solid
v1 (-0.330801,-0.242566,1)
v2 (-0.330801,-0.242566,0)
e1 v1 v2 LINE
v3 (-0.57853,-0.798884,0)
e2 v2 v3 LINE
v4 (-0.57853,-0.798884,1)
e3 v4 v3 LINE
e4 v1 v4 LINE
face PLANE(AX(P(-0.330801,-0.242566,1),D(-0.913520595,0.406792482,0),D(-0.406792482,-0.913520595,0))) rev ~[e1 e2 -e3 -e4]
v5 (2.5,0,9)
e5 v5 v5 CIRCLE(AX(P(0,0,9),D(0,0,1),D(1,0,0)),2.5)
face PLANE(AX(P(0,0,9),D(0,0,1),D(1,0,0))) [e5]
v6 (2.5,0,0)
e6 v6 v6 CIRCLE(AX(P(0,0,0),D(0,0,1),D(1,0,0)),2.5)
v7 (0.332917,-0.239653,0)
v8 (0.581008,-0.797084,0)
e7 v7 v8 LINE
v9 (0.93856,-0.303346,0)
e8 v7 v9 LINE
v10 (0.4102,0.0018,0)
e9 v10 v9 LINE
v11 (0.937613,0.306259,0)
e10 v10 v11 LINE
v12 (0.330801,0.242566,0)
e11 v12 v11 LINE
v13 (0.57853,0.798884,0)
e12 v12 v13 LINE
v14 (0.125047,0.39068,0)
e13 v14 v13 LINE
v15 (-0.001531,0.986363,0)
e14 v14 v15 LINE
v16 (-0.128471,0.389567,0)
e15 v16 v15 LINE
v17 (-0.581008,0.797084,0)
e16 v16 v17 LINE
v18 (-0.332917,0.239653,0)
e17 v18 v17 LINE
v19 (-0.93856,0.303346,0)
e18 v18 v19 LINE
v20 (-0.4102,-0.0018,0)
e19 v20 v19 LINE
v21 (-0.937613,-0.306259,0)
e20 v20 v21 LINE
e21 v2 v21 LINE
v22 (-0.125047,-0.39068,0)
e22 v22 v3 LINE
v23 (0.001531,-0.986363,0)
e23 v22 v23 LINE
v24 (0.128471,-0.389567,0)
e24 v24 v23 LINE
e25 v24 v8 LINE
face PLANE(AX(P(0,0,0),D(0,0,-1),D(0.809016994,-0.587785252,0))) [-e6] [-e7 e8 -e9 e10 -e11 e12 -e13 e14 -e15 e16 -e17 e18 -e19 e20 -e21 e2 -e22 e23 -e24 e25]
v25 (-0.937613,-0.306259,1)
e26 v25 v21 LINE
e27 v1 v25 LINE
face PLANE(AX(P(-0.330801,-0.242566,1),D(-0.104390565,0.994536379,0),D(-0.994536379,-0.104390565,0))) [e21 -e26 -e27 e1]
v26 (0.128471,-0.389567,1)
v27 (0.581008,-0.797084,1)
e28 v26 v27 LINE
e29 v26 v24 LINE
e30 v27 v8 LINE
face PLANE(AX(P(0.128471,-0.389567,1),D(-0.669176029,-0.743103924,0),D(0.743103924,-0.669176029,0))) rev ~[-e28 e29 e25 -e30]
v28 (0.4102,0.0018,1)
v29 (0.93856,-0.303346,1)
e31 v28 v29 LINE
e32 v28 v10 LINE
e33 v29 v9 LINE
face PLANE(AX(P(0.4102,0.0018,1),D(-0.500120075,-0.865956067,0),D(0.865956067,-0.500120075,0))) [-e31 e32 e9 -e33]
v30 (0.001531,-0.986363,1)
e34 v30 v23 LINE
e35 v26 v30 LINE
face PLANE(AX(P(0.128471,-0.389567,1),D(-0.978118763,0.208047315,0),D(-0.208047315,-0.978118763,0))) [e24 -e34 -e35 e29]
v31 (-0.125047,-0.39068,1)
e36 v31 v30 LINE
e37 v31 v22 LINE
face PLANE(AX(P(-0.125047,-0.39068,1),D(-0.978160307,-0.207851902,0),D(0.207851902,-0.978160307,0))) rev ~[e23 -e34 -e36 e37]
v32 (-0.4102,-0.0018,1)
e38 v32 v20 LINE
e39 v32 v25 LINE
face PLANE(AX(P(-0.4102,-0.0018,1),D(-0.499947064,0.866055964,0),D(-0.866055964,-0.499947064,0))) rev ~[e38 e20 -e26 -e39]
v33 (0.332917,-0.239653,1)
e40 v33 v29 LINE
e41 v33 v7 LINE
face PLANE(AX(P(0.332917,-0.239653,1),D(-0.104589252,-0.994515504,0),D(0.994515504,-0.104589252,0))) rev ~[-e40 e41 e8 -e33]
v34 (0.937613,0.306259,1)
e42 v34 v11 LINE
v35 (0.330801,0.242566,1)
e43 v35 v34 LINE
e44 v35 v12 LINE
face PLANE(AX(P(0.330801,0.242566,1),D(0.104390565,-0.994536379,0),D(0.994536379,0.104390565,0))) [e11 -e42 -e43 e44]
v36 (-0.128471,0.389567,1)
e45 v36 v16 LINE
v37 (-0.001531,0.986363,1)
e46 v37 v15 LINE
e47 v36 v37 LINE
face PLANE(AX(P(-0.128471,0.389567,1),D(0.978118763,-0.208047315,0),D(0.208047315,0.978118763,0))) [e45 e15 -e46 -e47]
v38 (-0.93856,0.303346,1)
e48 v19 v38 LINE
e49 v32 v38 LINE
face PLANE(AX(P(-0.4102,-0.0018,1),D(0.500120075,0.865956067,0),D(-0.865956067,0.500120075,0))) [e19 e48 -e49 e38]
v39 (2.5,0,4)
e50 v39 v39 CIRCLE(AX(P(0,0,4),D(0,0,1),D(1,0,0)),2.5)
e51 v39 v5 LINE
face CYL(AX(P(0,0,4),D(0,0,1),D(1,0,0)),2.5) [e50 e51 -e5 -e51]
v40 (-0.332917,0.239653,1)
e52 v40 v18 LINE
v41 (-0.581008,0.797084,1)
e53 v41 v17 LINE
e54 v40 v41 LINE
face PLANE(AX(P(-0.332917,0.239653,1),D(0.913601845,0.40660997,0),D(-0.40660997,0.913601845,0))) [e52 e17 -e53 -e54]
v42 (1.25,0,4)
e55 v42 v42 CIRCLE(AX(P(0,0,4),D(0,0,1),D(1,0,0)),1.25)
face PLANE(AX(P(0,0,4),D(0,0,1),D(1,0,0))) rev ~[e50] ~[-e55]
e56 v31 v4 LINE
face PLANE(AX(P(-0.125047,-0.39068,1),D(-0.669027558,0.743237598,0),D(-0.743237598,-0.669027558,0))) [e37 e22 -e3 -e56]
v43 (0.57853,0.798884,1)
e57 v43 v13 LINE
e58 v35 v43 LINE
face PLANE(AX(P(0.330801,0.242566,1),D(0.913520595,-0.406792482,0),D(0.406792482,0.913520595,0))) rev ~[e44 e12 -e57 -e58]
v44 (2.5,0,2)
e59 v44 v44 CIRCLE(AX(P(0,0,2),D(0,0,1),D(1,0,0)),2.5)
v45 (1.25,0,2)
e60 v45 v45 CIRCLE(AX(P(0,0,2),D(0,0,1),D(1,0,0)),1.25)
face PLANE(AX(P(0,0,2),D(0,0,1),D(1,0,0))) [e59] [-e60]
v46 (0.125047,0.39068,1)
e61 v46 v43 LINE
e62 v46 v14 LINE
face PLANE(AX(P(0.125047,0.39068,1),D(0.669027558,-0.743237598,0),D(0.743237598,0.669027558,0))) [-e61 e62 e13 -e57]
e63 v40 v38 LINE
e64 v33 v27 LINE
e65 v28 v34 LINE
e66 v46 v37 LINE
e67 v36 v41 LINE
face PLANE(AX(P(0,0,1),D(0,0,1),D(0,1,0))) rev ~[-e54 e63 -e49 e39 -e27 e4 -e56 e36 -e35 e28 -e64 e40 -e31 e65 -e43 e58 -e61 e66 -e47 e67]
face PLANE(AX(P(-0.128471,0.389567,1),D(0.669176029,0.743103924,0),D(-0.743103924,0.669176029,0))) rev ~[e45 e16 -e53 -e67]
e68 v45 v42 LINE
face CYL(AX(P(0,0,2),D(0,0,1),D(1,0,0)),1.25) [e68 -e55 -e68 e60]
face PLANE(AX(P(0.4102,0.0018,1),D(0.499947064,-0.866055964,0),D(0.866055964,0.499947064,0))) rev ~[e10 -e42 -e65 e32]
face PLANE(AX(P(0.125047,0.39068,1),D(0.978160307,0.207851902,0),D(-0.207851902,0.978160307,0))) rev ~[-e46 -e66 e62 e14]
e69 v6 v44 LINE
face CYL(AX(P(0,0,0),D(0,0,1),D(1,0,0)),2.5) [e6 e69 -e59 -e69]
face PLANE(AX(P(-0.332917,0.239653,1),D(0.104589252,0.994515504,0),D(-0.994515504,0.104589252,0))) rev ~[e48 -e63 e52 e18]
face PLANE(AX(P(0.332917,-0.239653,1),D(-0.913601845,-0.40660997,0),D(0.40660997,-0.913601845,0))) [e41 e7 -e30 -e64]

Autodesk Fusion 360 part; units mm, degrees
cylinder "CylinderPrimitive1" add diameter 5 height 2 placed x (1, 0, 0) y (0, 1, 0) z (0, 0, 1) at (0, 0, 0)
cylinder "CylinderPrimitive2" add diameter 2.5 height 2 placed x (1, 0, 0) y (0, 1, 0) z (0, 0, 1) at (0, 0, 2)
cylinder "CylinderPrimitive3" add diameter 5 height 5 placed x (1, 0, 0) y (0, 1, 0) z (0, 0, 1) at (0, 0, 4)
hole "Hole1" at (0, 0, 0) direction (0, 0, 1) diameter 2 depth 1 tip angle 180
sketch "Sketch5" plane through (0, 0, 1) normal (0, 0, -1) x (1, 0, 0)
  circle A0 centre (0, 0) radius 1
  line L0 (-1, 0.0018) -> (-0.4102, 0.0018)
  line L1 (-0.4102, 0.0018) -> (-1.1, 0.4)
  line L2 (-0.4102, 0.0018) -> (-0.9506, -0.3103)
  line L3 (-0.4102, 0.0018) -> (-1.1146, 0.0018) construction
  dimension "d10" = 30
  dimension "d11" = 30
extrude "Extrude1" add sketch "Sketch5" along normal blind 1 contours A0 L0 L1
extrude "Extrude2" add sketch "Sketch5" along normal blind 1 contours A0 L0 L2
pattern_circular "C-Pattern1" count 10 over 360 about axis through (0, 0, 2) along (0, 0, 1) of 2 faces at (-0.59, -0.1056, 0.6667) (-0.5904, 0.1023, 0.6667)
